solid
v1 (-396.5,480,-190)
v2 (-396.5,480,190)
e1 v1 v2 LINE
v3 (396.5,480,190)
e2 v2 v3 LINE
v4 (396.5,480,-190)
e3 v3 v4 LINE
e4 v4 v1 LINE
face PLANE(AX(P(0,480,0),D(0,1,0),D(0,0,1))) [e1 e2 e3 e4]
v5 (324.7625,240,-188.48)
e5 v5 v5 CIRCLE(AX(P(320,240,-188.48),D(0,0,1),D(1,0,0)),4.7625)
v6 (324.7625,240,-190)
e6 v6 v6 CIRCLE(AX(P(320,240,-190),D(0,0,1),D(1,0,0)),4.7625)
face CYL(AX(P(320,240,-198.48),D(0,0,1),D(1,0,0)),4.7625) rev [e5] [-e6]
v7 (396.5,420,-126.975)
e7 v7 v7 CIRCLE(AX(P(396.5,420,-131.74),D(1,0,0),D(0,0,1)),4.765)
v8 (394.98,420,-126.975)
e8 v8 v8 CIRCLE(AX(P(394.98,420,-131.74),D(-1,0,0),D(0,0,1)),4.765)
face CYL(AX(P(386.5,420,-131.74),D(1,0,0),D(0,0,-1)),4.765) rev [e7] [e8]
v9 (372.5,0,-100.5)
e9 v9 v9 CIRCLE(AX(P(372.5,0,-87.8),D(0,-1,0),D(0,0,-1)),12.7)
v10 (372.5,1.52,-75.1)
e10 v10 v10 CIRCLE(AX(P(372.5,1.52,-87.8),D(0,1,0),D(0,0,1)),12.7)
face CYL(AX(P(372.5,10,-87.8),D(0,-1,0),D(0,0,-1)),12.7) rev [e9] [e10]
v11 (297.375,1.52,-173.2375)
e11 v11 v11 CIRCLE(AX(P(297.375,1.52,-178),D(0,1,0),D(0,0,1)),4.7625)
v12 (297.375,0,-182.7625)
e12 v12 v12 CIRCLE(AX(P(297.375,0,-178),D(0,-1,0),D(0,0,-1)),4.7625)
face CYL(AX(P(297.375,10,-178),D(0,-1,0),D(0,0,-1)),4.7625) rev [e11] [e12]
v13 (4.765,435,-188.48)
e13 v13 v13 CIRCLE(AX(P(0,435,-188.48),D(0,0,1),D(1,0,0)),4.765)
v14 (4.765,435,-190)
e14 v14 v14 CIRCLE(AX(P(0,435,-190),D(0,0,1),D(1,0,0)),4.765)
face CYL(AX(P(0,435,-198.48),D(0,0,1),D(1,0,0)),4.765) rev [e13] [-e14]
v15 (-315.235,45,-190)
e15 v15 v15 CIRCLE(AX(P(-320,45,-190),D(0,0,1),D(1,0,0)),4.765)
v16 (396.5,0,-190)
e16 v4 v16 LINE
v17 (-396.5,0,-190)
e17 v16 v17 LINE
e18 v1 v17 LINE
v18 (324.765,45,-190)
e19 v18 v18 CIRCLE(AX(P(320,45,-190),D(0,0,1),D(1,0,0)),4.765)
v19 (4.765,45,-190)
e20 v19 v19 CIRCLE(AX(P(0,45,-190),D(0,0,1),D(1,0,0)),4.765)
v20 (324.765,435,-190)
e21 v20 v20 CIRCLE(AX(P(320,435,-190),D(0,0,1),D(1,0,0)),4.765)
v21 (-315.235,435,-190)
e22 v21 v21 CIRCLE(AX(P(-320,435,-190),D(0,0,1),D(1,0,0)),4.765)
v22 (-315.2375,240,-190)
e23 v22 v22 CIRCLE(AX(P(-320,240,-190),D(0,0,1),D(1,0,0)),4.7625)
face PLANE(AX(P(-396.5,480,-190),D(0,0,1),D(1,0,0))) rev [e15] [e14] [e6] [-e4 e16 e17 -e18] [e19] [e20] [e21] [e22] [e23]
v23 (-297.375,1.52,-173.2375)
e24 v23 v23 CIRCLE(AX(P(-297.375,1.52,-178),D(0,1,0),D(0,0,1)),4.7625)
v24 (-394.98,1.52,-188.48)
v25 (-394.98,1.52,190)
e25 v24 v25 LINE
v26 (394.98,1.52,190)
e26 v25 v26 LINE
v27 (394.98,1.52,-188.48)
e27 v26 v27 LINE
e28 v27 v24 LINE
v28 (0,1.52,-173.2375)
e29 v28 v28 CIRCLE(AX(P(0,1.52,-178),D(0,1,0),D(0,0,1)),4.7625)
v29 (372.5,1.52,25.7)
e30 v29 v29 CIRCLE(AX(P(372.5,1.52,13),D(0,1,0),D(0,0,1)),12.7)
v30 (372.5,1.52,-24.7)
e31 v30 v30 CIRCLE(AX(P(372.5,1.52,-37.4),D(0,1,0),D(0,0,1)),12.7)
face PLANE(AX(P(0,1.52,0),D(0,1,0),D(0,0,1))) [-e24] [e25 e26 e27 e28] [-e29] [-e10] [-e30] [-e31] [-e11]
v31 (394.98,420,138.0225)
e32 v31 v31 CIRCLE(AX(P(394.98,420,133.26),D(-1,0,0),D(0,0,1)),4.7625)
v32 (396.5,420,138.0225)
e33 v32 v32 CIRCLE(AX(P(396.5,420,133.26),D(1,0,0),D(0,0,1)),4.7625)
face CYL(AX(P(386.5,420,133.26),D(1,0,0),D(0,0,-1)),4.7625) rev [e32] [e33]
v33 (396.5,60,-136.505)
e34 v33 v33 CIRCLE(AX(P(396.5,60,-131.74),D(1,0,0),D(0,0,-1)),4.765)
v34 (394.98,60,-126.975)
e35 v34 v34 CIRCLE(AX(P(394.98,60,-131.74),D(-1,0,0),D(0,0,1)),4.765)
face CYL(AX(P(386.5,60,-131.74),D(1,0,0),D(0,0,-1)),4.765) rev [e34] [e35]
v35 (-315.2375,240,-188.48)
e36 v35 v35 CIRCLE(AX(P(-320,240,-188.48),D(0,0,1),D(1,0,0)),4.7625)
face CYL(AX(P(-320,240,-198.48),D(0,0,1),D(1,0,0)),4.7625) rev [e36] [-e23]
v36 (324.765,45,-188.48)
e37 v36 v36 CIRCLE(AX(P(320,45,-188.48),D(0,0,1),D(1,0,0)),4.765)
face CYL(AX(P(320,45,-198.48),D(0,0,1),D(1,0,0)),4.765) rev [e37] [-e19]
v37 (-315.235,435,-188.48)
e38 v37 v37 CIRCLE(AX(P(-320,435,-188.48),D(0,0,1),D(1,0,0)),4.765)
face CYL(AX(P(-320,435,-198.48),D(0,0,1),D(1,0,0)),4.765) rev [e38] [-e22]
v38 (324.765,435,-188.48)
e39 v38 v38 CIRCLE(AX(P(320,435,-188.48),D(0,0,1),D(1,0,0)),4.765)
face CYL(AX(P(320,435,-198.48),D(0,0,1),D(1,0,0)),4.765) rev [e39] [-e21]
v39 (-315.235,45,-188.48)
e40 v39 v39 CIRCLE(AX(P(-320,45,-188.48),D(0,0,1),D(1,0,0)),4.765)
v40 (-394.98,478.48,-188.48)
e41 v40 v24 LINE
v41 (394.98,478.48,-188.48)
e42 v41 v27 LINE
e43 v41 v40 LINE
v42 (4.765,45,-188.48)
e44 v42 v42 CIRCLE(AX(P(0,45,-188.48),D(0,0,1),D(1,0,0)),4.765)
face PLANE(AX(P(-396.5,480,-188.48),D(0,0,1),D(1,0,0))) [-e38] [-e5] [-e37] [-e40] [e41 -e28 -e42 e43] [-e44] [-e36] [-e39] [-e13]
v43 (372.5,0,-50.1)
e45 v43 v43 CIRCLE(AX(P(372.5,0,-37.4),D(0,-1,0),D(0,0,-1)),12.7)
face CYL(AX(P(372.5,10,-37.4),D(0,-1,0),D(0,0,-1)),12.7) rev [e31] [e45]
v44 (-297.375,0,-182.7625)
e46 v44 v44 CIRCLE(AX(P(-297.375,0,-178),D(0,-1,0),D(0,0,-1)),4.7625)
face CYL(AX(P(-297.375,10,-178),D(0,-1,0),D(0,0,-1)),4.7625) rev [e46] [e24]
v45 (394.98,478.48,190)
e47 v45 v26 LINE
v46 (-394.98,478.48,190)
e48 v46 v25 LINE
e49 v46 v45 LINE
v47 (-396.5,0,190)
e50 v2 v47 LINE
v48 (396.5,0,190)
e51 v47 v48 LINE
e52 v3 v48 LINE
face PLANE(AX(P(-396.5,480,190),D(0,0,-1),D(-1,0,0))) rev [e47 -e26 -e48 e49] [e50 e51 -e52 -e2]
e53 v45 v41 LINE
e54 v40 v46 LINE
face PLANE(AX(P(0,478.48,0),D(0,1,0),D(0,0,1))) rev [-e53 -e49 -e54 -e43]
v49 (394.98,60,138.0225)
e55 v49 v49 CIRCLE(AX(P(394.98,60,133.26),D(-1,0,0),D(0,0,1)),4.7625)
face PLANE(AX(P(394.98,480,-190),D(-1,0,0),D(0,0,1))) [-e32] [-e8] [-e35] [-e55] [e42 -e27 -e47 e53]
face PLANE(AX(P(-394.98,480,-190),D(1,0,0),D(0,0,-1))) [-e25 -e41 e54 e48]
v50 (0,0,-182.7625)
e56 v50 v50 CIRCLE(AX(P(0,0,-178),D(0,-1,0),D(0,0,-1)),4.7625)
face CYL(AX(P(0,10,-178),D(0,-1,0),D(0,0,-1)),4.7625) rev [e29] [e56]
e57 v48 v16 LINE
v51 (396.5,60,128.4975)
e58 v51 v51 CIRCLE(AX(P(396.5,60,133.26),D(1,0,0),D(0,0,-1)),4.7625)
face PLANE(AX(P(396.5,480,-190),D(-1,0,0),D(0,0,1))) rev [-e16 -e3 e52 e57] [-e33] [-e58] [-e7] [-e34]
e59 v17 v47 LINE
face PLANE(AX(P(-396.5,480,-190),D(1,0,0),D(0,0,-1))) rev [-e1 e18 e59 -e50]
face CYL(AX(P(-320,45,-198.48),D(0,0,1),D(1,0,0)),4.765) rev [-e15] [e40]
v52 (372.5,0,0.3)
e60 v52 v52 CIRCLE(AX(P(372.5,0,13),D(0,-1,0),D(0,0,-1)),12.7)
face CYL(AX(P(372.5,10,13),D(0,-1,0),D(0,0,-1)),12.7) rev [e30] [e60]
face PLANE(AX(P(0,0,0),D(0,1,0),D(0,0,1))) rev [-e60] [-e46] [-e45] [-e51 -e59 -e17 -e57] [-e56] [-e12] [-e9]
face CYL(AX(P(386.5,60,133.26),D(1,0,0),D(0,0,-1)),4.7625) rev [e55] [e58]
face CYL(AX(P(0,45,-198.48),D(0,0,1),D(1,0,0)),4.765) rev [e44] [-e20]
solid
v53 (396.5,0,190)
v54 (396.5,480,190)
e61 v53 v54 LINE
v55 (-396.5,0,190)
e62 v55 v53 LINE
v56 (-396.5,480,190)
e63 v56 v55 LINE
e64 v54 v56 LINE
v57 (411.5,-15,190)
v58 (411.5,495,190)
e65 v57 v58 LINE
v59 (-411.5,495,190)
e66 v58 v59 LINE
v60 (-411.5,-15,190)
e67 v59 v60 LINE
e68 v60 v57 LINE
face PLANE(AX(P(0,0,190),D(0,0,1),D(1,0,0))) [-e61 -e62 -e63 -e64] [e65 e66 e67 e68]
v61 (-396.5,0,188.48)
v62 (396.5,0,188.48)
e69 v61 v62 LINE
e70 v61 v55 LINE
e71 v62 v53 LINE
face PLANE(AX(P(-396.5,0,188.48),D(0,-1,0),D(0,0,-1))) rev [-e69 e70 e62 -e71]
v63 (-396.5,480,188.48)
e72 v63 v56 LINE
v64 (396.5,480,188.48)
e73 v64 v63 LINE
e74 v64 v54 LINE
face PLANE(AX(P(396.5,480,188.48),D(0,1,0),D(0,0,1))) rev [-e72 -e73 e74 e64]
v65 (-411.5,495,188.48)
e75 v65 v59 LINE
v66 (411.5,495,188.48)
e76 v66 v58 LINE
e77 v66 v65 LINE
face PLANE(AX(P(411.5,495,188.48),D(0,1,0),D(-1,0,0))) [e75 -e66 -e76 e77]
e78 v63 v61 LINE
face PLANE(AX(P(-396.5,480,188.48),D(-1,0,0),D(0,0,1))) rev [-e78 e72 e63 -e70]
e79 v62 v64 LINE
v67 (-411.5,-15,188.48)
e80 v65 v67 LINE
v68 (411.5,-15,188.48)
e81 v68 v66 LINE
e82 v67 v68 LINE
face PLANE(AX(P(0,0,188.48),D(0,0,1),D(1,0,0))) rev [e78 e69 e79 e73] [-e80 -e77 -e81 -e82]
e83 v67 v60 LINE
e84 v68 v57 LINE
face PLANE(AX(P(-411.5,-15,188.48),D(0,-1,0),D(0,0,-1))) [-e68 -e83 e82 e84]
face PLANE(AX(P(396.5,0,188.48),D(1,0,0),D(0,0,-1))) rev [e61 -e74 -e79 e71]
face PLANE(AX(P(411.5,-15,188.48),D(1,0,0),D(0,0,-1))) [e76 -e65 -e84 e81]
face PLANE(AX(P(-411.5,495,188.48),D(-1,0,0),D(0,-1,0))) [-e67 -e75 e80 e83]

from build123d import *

# Parameters (mm, degrees)
CROQUIS1_W              = 793
CROQUIS1_H              = 380
SALIENTE_EXTRUIR1_DEPTH = 480
VACIADO1_T              = -1.52
CROQUIS2_W              = 823
CROQUIS2_H              = 510
CROQUIS2_W_2            = 793
CROQUIS2_H_2            = 480
SALIENTE_EXTRUIR2_DEPTH = 1.52
CROQUIS3_R              = 4.765
CROQUIS3_R_2            = 4.7625
CORTAR_EXTRUIR1_DEPTH   = 10
CROQUIS4_R              = 4.765
CROQUIS4_R_2            = 4.7625
CORTAR_EXTRUIR2_DEPTH   = 10
CROQUIS5_R              = 4.7625
CORTAR_EXTRUIR3_DEPTH   = 10
CROQUIS6_R              = 12.7
CORTAR_EXTRUIR4_DEPTH   = 10


with BuildPart() as part:
    # Croquis1 → Saliente-Extruir1 (new body)
    with BuildSketch(Plane(origin=(0, 0, 0), x_dir=(1, 0, 0), z_dir=(0, 1, 0))):
        Rectangle(CROQUIS1_W, CROQUIS1_H)
    extrude(amount=SALIENTE_EXTRUIR1_DEPTH)

    # Vaciado1
    vaciado1_openings = [part.faces().sort_by_distance(p)[0] for p in [
        (0, 240, 190),
    ]]
    offset(amount=VACIADO1_T, openings=vaciado1_openings, kind=Kind.INTERSECTION)

    # Croquis3 → Cortar-Extruir1 (cut)
    with BuildSketch(Plane(origin=(396.5, 0, 0), x_dir=(0, 0, -1), z_dir=(1, 0, 0))):
        with Locations((131.74, 60)):
            Circle(CROQUIS3_R)
        with Locations((-133.26, 60)):
            Circle(CROQUIS3_R_2)
        with Locations(Location((131.74, 420, 0), (0, 0, 180))):
            Circle(CROQUIS3_R)
        with Locations(Location((-133.26, 420, 0), (0, 0, 180))):
            Circle(CROQUIS3_R_2)
    extrude(amount=-CORTAR_EXTRUIR1_DEPTH, mode=Mode.SUBTRACT)

    # Croquis4 → Cortar-Extruir2 (cut)
    with BuildSketch(Plane.XY.offset(-188.48)):
        with Locations((-320, 435)):
            Circle(CROQUIS4_R)
        with Locations((-320, 240)):
            Circle(CROQUIS4_R_2)
        with Locations((-320, 45)):
            Circle(CROQUIS4_R)
        with Locations((320, 45)):
            Circle(CROQUIS4_R)
        with Locations((320, 435)):
            Circle(CROQUIS4_R)
        with Locations((320, 240)):
            Circle(CROQUIS4_R_2)
        with Locations((0, 45)):
            Circle(CROQUIS4_R)
        with Locations((0, 435)):
            Circle(CROQUIS4_R)
    extrude(amount=-CORTAR_EXTRUIR2_DEPTH, mode=Mode.SUBTRACT)

    # Croquis5 → Cortar-Extruir3 (cut)
    with BuildSketch(Plane.XZ):
        with Locations(Location((-297.375, -178, 0), (0, 0, 270))):
            Circle(CROQUIS5_R)
        with Locations(Location((0, -178, 0), (0, 0, 270))):
            Circle(CROQUIS5_R)
        with Locations(Location((297.375, -178, 0), (0, 0, 270))):
            Circle(CROQUIS5_R)
    extrude(amount=-CORTAR_EXTRUIR3_DEPTH, mode=Mode.SUBTRACT)

    # Croquis6 → Cortar-Extruir4 (cut)
    with BuildSketch(Plane.XZ):
        with Locations(Location((372.5, -87.8, 0), (0, 0, 270))):
            Circle(CROQUIS6_R)
        with Locations(Location((372.5, -37.4, 0), (0, 0, 270))):
            Circle(CROQUIS6_R)
        with Locations(Location((372.5, 13, 0), (0, 0, 270))):
            Circle(CROQUIS6_R)
    extrude(amount=-CORTAR_EXTRUIR4_DEPTH, mode=Mode.SUBTRACT)


with BuildPart() as body_2:
    # Croquis2 → Saliente-Extruir2 (new body)
    with BuildSketch(Plane.XY.offset(190)):
        with Locations((0, 240)):
            Rectangle(CROQUIS2_W, CROQUIS2_H)
        with Locations((0, 240)):
            Rectangle(CROQUIS2_W_2, CROQUIS2_H_2, mode=Mode.SUBTRACT)
    extrude(amount=-SALIENTE_EXTRUIR2_DEPTH)


solid = Compound([part.part, body_2.part])
